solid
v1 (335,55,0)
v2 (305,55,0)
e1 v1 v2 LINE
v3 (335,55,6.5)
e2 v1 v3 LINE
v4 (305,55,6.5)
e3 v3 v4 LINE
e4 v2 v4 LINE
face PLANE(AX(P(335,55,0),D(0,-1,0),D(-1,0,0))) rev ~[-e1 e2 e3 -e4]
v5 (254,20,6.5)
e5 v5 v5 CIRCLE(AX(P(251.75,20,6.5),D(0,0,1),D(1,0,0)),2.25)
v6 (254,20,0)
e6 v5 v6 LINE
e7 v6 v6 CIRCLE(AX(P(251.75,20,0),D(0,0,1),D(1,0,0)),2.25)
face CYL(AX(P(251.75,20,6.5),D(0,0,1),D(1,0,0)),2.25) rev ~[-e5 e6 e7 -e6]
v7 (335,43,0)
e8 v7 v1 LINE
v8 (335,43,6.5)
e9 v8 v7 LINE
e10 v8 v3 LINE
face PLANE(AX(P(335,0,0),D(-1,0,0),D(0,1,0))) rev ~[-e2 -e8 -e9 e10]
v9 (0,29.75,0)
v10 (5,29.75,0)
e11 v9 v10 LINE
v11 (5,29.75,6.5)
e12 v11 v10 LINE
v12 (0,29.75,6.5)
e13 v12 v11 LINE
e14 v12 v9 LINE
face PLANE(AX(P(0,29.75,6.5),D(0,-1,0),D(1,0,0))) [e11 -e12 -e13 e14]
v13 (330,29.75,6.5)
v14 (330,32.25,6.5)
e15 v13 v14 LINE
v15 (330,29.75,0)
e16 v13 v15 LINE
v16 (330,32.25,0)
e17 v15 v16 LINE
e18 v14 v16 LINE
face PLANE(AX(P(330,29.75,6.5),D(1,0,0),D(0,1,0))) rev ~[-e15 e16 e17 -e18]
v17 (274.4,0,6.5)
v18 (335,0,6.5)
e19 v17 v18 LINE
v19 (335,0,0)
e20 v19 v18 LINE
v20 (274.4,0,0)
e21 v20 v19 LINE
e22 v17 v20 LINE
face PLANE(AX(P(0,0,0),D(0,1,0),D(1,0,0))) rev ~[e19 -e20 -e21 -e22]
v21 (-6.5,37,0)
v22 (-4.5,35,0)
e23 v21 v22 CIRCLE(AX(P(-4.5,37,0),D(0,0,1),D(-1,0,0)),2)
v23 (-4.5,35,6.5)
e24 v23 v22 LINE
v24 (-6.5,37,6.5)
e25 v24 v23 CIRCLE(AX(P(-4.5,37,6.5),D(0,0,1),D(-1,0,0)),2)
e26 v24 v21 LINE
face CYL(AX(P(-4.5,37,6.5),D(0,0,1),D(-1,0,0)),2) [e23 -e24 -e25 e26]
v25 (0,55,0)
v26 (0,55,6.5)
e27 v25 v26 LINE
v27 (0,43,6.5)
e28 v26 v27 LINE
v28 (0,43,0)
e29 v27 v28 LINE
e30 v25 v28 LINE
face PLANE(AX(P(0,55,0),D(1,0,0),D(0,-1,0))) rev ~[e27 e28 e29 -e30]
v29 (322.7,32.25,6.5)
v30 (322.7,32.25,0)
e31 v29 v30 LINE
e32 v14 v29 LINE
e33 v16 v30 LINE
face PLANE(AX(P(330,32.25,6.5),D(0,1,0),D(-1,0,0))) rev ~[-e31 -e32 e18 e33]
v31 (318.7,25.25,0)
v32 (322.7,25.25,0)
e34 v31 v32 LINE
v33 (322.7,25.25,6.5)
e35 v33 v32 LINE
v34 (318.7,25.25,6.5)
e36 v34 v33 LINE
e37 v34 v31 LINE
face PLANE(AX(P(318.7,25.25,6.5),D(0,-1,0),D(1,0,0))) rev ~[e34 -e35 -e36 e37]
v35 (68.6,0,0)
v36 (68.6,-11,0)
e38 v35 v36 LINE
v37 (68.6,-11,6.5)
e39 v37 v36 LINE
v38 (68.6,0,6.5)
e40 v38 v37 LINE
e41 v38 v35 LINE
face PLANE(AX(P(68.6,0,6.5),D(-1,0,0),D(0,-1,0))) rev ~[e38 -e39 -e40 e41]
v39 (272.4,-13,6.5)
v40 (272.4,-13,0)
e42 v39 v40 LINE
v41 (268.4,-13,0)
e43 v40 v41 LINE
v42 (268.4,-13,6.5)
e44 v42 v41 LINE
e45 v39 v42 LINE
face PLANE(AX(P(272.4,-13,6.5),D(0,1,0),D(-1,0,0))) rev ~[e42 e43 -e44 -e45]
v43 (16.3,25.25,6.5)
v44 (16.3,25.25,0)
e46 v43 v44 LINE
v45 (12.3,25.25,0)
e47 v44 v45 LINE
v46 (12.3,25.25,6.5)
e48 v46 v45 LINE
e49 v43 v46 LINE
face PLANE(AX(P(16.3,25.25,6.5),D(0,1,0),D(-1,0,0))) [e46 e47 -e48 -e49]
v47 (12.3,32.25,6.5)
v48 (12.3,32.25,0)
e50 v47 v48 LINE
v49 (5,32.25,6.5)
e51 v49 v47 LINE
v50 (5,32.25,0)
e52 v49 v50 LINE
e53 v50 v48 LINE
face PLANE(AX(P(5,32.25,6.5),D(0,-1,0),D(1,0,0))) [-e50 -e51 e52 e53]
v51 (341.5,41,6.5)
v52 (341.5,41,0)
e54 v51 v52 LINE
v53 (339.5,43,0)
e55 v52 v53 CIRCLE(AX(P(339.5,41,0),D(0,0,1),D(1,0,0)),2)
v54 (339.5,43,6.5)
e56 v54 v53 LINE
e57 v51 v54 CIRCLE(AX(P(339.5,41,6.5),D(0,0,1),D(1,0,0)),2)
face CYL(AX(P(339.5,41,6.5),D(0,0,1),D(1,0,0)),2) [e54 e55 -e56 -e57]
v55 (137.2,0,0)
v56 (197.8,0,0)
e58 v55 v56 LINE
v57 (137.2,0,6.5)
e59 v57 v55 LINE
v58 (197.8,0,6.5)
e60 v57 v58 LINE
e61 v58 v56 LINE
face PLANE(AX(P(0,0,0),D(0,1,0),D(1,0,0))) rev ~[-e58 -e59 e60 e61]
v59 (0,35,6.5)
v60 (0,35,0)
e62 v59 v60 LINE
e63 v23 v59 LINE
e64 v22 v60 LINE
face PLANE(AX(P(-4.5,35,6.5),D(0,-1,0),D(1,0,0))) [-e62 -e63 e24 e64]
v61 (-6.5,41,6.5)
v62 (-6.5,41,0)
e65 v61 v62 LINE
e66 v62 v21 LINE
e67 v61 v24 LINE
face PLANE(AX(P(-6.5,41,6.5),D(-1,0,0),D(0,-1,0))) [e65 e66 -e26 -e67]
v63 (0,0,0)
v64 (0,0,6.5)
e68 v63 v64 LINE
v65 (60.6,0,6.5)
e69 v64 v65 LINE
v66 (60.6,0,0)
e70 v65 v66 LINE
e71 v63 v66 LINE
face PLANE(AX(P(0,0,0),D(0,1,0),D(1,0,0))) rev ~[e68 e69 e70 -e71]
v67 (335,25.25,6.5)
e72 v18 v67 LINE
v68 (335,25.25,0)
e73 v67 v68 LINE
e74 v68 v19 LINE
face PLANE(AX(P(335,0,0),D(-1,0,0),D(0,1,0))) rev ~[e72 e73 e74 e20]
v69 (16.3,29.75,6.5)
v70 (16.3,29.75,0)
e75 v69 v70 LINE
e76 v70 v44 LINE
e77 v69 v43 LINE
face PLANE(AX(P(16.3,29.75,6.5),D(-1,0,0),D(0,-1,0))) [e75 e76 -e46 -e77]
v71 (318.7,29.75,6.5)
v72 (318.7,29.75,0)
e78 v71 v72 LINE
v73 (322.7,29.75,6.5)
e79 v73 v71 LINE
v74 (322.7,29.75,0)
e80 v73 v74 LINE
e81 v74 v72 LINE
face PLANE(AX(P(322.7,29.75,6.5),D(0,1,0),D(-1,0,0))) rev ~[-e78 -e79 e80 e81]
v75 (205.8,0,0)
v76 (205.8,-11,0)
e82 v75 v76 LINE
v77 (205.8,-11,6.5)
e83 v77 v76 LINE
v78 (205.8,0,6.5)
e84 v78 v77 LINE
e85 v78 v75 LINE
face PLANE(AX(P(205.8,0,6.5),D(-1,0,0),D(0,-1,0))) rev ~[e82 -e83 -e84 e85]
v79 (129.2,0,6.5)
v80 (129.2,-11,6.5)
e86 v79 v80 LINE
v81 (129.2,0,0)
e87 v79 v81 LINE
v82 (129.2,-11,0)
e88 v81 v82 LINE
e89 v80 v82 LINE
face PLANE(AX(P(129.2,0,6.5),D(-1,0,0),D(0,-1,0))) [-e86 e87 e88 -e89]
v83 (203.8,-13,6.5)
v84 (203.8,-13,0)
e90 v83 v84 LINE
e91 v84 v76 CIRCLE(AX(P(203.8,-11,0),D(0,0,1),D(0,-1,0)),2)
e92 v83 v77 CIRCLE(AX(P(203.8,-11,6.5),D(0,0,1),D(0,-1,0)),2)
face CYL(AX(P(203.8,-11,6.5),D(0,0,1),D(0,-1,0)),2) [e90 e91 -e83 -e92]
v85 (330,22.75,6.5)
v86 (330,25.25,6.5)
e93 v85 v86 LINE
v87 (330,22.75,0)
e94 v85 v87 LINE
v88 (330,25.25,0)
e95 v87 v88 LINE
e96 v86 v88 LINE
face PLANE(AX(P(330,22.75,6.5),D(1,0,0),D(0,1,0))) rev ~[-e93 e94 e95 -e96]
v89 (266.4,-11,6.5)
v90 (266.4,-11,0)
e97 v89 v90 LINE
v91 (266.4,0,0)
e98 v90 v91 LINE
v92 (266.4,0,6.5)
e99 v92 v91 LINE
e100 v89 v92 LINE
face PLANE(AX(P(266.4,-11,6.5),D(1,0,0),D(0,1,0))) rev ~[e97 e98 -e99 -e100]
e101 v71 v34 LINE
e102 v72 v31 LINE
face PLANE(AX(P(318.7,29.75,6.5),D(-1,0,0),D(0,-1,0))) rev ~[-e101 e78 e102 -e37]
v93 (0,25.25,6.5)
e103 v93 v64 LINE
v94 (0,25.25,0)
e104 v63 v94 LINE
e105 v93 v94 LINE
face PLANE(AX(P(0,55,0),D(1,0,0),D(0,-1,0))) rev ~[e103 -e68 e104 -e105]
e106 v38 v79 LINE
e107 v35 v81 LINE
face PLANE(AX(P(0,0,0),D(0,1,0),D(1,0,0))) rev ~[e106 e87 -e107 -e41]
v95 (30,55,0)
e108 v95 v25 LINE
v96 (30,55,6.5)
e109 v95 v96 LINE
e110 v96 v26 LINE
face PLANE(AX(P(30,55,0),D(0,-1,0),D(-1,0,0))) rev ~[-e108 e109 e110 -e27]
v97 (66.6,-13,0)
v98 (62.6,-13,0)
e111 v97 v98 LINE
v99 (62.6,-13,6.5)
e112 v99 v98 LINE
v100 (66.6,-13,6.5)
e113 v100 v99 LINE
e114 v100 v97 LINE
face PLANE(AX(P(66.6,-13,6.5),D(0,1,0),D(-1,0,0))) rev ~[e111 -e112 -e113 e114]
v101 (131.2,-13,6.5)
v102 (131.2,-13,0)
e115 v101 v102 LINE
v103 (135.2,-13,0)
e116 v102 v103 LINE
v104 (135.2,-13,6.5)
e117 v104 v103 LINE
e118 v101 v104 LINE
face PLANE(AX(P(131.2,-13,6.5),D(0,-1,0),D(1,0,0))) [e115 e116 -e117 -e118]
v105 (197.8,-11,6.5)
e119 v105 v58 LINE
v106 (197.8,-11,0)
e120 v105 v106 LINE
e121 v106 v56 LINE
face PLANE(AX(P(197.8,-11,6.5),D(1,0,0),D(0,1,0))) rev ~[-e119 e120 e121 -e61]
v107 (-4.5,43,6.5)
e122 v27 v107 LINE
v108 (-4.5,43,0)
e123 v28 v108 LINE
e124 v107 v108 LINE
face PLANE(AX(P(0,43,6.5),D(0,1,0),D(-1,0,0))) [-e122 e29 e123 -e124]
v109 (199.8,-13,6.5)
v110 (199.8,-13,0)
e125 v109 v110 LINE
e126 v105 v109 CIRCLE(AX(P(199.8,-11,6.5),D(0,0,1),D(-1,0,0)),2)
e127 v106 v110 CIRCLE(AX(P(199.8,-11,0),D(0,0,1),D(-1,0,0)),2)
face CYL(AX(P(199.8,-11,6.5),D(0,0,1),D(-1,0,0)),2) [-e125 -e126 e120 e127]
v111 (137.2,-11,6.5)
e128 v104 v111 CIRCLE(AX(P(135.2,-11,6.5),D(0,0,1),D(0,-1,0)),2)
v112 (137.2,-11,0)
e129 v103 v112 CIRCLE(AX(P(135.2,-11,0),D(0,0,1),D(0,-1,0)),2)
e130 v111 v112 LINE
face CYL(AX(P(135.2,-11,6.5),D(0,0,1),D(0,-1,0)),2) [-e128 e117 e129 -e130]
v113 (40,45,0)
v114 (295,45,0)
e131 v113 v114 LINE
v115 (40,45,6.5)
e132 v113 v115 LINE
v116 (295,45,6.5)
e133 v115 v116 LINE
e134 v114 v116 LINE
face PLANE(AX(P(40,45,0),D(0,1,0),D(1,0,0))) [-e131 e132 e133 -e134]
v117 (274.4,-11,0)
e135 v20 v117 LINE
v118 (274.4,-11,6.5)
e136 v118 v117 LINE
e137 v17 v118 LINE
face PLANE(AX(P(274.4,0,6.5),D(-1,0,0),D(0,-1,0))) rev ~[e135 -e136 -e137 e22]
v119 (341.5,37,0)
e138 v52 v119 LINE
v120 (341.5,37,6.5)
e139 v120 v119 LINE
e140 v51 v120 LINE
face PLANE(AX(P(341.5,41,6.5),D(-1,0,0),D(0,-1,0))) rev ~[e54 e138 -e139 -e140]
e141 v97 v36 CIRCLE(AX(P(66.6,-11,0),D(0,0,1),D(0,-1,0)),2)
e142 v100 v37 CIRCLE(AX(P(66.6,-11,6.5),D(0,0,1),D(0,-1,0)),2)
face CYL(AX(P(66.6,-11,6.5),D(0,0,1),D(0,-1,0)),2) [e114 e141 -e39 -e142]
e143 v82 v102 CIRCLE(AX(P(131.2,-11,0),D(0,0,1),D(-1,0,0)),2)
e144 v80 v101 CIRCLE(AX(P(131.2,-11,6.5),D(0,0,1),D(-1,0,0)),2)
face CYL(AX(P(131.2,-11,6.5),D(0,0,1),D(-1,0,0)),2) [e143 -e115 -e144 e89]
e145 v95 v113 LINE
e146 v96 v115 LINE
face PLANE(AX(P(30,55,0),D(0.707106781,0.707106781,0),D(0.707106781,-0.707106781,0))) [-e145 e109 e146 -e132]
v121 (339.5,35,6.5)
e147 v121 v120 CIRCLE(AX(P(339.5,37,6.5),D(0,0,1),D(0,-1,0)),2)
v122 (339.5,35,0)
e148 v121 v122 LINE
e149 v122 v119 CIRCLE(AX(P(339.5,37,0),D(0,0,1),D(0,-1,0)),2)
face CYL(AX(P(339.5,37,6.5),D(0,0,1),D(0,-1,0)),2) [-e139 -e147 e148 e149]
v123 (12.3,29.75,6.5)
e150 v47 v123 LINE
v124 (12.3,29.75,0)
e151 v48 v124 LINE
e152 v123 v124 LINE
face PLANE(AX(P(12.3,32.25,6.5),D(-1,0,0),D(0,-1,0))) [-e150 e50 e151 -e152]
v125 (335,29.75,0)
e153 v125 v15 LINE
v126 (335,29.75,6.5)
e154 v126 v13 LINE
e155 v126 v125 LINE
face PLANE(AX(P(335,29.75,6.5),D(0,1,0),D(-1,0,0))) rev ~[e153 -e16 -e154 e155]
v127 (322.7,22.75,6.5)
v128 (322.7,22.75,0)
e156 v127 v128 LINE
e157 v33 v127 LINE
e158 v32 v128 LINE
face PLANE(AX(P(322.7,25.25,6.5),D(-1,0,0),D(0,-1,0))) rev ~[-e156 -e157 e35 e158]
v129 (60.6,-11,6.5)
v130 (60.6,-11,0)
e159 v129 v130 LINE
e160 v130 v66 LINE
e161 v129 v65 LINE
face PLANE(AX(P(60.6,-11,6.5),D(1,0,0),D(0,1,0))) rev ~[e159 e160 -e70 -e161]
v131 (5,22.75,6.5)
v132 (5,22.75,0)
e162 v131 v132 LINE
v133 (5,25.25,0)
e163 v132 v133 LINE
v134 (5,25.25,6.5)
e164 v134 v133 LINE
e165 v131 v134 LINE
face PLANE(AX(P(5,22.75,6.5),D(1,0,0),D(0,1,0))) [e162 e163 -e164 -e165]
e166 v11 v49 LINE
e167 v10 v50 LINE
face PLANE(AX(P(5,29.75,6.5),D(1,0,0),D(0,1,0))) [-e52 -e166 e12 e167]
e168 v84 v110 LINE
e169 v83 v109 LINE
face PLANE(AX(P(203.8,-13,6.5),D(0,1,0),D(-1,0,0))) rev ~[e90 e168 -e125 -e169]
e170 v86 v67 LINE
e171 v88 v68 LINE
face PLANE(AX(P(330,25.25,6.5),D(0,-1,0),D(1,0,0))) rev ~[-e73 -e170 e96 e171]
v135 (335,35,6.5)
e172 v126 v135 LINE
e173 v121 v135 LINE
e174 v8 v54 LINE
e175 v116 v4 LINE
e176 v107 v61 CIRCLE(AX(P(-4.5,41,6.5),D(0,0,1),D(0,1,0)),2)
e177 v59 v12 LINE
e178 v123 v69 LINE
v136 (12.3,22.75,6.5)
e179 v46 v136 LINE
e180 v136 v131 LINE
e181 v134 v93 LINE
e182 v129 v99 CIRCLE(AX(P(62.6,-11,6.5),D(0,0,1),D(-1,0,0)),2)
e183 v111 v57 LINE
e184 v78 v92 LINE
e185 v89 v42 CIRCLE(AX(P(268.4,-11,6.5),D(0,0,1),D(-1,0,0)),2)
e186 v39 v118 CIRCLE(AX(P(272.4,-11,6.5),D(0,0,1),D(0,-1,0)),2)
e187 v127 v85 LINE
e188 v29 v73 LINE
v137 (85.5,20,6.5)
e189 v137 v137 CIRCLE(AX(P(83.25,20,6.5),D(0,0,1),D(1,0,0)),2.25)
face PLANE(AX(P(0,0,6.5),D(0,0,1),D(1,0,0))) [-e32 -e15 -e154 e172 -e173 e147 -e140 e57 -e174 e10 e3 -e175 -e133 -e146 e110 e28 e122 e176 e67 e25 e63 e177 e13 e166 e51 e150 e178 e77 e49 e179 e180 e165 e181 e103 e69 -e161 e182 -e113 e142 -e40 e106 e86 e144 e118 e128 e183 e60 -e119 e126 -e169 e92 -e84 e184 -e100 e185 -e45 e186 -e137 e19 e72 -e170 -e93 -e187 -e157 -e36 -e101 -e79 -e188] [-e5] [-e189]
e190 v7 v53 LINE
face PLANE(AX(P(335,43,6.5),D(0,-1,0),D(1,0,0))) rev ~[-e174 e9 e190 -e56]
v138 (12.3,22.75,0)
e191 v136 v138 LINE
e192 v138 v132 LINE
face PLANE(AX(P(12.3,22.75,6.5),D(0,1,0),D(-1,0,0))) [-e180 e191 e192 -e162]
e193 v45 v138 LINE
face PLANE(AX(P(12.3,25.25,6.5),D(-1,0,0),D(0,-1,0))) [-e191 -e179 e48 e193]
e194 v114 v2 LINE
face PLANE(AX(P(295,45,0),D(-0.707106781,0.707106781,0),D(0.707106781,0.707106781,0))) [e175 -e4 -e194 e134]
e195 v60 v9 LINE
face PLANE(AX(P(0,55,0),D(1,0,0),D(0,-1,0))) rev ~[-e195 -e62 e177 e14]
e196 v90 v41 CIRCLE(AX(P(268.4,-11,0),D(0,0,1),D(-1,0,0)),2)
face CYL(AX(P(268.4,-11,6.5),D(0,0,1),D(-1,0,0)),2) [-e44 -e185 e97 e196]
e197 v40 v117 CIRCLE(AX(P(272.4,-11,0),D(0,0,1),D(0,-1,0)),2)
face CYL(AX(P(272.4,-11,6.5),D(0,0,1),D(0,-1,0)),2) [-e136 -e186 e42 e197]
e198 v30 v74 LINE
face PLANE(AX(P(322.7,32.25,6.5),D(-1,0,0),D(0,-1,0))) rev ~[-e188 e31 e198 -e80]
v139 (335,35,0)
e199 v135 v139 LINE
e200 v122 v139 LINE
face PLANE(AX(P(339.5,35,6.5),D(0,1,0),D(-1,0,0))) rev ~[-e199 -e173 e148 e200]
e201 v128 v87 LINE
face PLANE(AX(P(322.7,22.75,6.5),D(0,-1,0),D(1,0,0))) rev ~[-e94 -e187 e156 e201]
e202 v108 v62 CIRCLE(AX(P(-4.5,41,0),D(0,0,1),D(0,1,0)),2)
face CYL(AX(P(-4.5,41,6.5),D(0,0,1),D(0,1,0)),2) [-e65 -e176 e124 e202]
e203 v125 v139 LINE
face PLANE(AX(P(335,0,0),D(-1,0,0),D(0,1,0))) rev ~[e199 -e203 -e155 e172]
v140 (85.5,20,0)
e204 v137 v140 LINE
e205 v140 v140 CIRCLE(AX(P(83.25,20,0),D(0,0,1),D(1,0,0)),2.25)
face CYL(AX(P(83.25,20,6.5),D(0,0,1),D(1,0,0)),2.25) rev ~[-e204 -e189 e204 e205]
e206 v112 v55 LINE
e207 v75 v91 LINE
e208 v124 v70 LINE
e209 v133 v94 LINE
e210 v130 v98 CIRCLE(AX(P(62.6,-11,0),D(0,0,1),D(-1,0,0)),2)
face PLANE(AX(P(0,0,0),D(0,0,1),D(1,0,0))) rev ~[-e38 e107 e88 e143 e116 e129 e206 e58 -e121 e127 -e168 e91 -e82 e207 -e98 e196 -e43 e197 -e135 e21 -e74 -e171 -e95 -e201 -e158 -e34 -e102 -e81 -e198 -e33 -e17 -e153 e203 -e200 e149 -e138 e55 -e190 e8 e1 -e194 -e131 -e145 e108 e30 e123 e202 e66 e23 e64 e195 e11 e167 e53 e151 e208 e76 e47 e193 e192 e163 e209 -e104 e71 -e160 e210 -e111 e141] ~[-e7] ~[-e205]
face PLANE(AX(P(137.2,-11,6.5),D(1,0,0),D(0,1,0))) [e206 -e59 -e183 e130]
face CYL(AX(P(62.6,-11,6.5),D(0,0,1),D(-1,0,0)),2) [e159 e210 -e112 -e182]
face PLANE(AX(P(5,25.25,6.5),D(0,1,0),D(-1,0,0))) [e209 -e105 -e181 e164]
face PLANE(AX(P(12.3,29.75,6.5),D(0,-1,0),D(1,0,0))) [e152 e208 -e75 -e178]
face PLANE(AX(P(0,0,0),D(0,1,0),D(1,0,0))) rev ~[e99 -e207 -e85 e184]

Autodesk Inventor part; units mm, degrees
ref_plane "YZ Plane" through (0, 0, 0) normal (1, 0, 0) x (0, 1, 0)
ref_plane "XZ Plane" through (0, 0, 0) normal (0, 1, 0) x (-1, 0, 0)
ref_plane "XY Plane" through (0, 0, 0) normal (0, 0, 1) x (1, 0, 0)
sketch "Sketch1" plane through (0, 0, 0) normal (0, 0, 1) x (1, 0, 0)
  line L0 (0, 0) -> (335, 0)
  line L1 (335, 0) -> (335, 55)
  line L2 (0, 55) -> (0, 0)
  line L3 (30, 55) -> (40, 45)
  line L4 (40, 45) -> (295, 45)
  line L5 (295, 45) -> (305, 55)
  line L6 (335, 55) -> (305, 55)
  line L7 (30, 55) -> (0, 55)
  dimension "d0" = 335
  dimension "d1" = 55
  dimension "d2" = 45
  dimension "d3" = 30
  dimension "d4" = 10
  dimension "d5" = 30
extrude "Extrusion1" add sketch "Sketch1" along normal blind 6.5
sketch "Sketch2" plane through (0, 0, 6.5) normal (0, 0, 1) x (1, 0, 0)
  line L0 (0, 0) -> (335, 0) projected
  line L1 (295, 45) -> (40, 45) projected
  line L2 (0, 55) -> (0, 0) projected
  line L3 (0, 25.25) -> (0, 29.75)
  line L4 (16.3, 29.75) -> (16.3, 25.25)
  line L5 (5, 32.25) -> (12.3, 32.25)
  line L6 (12.3, 22.75) -> (5, 22.75)
  line L7 (0, 29.75) -> (5, 29.75)
  line L8 (12.3, 29.75) -> (16.3, 29.75)
  line L9 (16.3, 25.25) -> (12.3, 25.25)
  line L10 (5, 25.25) -> (0, 25.25)
  line L11 (5, 22.75) -> (5, 25.25)
  line L12 (5, 29.75) -> (5, 32.25)
  line L13 (12.3, 32.25) -> (12.3, 29.75)
  line L14 (12.3, 25.25) -> (12.3, 22.75)
  line L15 (167.5, 0) -> (167.5, 45) construction
  line L16 (335, 25.25) -> (335, 29.75)
  line L17 (318.7, 29.75) -> (318.7, 25.25)
  line L18 (330, 32.25) -> (322.7, 32.25)
  line L19 (322.7, 22.75) -> (330, 22.75)
  line L20 (335, 29.75) -> (330, 29.75)
  line L21 (322.7, 29.75) -> (318.7, 29.75)
  line L22 (318.7, 25.25) -> (322.7, 25.25)
  line L23 (330, 25.25) -> (335, 25.25)
  line L24 (330, 22.75) -> (330, 25.25)
  line L25 (330, 29.75) -> (330, 32.25)
  line L26 (322.7, 32.25) -> (322.7, 29.75)
  line L27 (322.7, 25.25) -> (322.7, 22.75)
  point P0 (0, 27.5)
  point P1 (0, 27.5)
  point P2 (335, 27.5)
  point P3 (335, 27.5)
  dimension "d8" = 4.5
  dimension "d9" = 2.5
  dimension "d10" = 2.5
  dimension "d11" = 5
  dimension "d12" = 7.3
  dimension "d13" = 4
extrude "Extrusion2" cut sketch "Sketch2" against normal through all
sketch "Sketch3" plane through (0, 0, 6.5) normal (0, 0, 1) x (1, 0, 0)
  line L0 (0, 25.25) -> (0, 0) projected
  line L1 (0, 0) -> (335, 0) projected
  line L2 (335, 0) -> (335, 25.25) projected
  line L3 (335, 29.75) -> (335, 55) projected
  line L4 (0, 55) -> (0, 29.75) projected
  line L5 (16.3, 29.75) -> (16.3, 25.25) projected
  line L6 (0, 43) -> (-4.5, 43)
  line L7 (-6.5, 41) -> (-6.5, 37)
  line L8 (-4.5, 35) -> (0, 35)
  line L9 (0, 35) -> (0, 43)
  line L10 (0, 20) -> (-4.5, 20)
  line L11 (-6.5, 18) -> (-6.5, 14)
  line L12 (-4.5, 12) -> (0, 12)
  line L13 (0, 12) -> (0, 20)
  arc A0 (-4.5, 43) -> (-6.5, 41) centre (-4.5, 41) ccw
  arc A1 (-6.5, 37) -> (-4.5, 35) centre (-4.5, 37) ccw
  arc A2 (-4.5, 20) -> (-6.5, 18) centre (-4.5, 18) ccw
  arc A3 (-6.5, 14) -> (-4.5, 12) centre (-4.5, 14) ccw
  line L14 (335, 43) -> (339.5, 43)
  line L15 (341.5, 41) -> (341.5, 37)
  line L16 (339.5, 35) -> (335, 35)
  line L17 (335, 35) -> (335, 43)
  line L18 (335, 20) -> (339.5, 20)
  line L19 (341.5, 18) -> (341.5, 14)
  line L20 (339.5, 12) -> (335, 12)
  line L21 (335, 12) -> (335, 20)
  arc A4 (341.5, 41) -> (339.5, 43) centre (339.5, 41) ccw
  arc A5 (339.5, 35) -> (341.5, 37) centre (339.5, 37) ccw
  arc A6 (341.5, 18) -> (339.5, 20) centre (339.5, 18) ccw
  arc A7 (339.5, 12) -> (341.5, 14) centre (339.5, 14) ccw
  line L22 (197.8, 0) -> (205.8, 0)
  line L23 (205.8, 0) -> (205.8, -11)
  line L24 (203.8, -13) -> (199.8, -13)
  line L25 (197.8, -11) -> (197.8, 0)
  line L26 (137.2, 0) -> (129.2, 0)
  line L27 (129.2, 0) -> (129.2, -11)
  line L28 (131.2, -13) -> (135.2, -13)
  line L29 (137.2, -11) -> (137.2, 0)
  line L30 (60.6, 0) -> (68.6, 0)
  line L31 (68.6, 0) -> (68.6, -11)
  line L32 (66.6, -13) -> (62.6, -13)
  line L33 (60.6, -11) -> (60.6, 0)
  line L34 (266.4, 0) -> (274.4, 0)
  line L35 (274.4, 0) -> (274.4, -11)
  line L36 (272.4, -13) -> (268.4, -13)
  line L37 (266.4, -11) -> (266.4, 0)
  arc A8 (60.6, -11) -> (62.6, -13) centre (62.6, -11) ccw
  arc A9 (66.6, -13) -> (68.6, -11) centre (66.6, -11) ccw
  arc A10 (129.2, -11) -> (131.2, -13) centre (131.2, -11) ccw
  arc A11 (135.2, -13) -> (137.2, -11) centre (135.2, -11) ccw
  arc A12 (197.8, -11) -> (199.8, -13) centre (199.8, -11) ccw
  arc A13 (203.8, -13) -> (205.8, -11) centre (203.8, -11) ccw
  arc A14 (266.4, -11) -> (268.4, -13) centre (268.4, -11) ccw
  arc A15 (272.4, -13) -> (274.4, -11) centre (272.4, -11) ccw
  line L38 (68.6, -5.5) -> (129.2, -5.5) construction
  line L39 (137.2, -5.5) -> (197.8, -5.5) construction
  line L40 (205.8, -5.5) -> (266.4, -5.5) construction
  line L41 (274.4, -5.5) -> (335, -5.5) construction
  line L42 (60.6, -5.5) -> (0, -5.5) construction
  point P0 (16.3, 27.5)
  point P1 (167.5, 0)
  dimension "d16" = 2
  dimension "d17" = 8
  dimension "d18" = 8
  dimension "d19" = 15
  dimension "d20" = 7.5
  dimension "d21" = 6.5
  dimension "d22" = 2
  dimension "d23" = 6.5
  dimension "d24" = 2
  dimension "d25" = 8
  dimension "d26" = 8
  dimension "d27" = 8
  dimension "d28" = 8
  dimension "d29" = 13
extrude "Extrusion3" add sketch "Sketch3" against normal blind 6.5
sketch "Sketch4" plane through (0, 0, 6.5) normal (0, 0, 1) x (1, 0, 0)
  line L0 (0, 20) -> (-4.5, 20) projected
  arc A0 (-4.5, 20) -> (-6.5, 18) centre (-4.5, 18) ccw projected
  line L1 (-6.5, 18) -> (-6.5, 14) projected
  arc A1 (-6.5, 14) -> (-4.5, 12) centre (-4.5, 14) ccw projected
  line L2 (-4.5, 12) -> (0, 12) projected
  line L3 (335, 12) -> (339.5, 12) projected
  arc A2 (339.5, 12) -> (341.5, 14) centre (339.5, 14) ccw projected
  line L4 (341.5, 14) -> (341.5, 18) projected
  arc A3 (341.5, 18) -> (339.5, 20) centre (339.5, 18) ccw projected
  line L5 (339.5, 20) -> (335, 20) projected
  line L6 (5, 22.75) -> (5, 25.25) projected
  line L7 (0, 20) -> (0, 12)
  line L8 (335, 20) -> (335, 12)
extrude "Extrusion4" cut sketch "Sketch4" against normal through all
sketch "Sketch5" plane through (0, 0, 6.5) normal (0, 0, 1) x (1, 0, 0)
  line L0 (0, 25.25) -> (0, 0) projected
  line L1 (0, 0) -> (60.6, 0) projected
  line L2 (335, 0) -> (335, 25.25) projected
  circle A0 centre (83.25, 20) radius 2.25
  circle A1 centre (251.75, 20) radius 2.25
  dimension "d34" = 4.5
  dimension "d35" = 20
  dimension "d36" = 83.25
  dimension "d37" = 83.25
extrude "Extrusion5" cut sketch "Sketch5" against normal through all
equation "\"d5\" = d3"
equation "\"d23\" = d21"
equation "\"d37\" = d36"
properties part number "frame_brace_top"
